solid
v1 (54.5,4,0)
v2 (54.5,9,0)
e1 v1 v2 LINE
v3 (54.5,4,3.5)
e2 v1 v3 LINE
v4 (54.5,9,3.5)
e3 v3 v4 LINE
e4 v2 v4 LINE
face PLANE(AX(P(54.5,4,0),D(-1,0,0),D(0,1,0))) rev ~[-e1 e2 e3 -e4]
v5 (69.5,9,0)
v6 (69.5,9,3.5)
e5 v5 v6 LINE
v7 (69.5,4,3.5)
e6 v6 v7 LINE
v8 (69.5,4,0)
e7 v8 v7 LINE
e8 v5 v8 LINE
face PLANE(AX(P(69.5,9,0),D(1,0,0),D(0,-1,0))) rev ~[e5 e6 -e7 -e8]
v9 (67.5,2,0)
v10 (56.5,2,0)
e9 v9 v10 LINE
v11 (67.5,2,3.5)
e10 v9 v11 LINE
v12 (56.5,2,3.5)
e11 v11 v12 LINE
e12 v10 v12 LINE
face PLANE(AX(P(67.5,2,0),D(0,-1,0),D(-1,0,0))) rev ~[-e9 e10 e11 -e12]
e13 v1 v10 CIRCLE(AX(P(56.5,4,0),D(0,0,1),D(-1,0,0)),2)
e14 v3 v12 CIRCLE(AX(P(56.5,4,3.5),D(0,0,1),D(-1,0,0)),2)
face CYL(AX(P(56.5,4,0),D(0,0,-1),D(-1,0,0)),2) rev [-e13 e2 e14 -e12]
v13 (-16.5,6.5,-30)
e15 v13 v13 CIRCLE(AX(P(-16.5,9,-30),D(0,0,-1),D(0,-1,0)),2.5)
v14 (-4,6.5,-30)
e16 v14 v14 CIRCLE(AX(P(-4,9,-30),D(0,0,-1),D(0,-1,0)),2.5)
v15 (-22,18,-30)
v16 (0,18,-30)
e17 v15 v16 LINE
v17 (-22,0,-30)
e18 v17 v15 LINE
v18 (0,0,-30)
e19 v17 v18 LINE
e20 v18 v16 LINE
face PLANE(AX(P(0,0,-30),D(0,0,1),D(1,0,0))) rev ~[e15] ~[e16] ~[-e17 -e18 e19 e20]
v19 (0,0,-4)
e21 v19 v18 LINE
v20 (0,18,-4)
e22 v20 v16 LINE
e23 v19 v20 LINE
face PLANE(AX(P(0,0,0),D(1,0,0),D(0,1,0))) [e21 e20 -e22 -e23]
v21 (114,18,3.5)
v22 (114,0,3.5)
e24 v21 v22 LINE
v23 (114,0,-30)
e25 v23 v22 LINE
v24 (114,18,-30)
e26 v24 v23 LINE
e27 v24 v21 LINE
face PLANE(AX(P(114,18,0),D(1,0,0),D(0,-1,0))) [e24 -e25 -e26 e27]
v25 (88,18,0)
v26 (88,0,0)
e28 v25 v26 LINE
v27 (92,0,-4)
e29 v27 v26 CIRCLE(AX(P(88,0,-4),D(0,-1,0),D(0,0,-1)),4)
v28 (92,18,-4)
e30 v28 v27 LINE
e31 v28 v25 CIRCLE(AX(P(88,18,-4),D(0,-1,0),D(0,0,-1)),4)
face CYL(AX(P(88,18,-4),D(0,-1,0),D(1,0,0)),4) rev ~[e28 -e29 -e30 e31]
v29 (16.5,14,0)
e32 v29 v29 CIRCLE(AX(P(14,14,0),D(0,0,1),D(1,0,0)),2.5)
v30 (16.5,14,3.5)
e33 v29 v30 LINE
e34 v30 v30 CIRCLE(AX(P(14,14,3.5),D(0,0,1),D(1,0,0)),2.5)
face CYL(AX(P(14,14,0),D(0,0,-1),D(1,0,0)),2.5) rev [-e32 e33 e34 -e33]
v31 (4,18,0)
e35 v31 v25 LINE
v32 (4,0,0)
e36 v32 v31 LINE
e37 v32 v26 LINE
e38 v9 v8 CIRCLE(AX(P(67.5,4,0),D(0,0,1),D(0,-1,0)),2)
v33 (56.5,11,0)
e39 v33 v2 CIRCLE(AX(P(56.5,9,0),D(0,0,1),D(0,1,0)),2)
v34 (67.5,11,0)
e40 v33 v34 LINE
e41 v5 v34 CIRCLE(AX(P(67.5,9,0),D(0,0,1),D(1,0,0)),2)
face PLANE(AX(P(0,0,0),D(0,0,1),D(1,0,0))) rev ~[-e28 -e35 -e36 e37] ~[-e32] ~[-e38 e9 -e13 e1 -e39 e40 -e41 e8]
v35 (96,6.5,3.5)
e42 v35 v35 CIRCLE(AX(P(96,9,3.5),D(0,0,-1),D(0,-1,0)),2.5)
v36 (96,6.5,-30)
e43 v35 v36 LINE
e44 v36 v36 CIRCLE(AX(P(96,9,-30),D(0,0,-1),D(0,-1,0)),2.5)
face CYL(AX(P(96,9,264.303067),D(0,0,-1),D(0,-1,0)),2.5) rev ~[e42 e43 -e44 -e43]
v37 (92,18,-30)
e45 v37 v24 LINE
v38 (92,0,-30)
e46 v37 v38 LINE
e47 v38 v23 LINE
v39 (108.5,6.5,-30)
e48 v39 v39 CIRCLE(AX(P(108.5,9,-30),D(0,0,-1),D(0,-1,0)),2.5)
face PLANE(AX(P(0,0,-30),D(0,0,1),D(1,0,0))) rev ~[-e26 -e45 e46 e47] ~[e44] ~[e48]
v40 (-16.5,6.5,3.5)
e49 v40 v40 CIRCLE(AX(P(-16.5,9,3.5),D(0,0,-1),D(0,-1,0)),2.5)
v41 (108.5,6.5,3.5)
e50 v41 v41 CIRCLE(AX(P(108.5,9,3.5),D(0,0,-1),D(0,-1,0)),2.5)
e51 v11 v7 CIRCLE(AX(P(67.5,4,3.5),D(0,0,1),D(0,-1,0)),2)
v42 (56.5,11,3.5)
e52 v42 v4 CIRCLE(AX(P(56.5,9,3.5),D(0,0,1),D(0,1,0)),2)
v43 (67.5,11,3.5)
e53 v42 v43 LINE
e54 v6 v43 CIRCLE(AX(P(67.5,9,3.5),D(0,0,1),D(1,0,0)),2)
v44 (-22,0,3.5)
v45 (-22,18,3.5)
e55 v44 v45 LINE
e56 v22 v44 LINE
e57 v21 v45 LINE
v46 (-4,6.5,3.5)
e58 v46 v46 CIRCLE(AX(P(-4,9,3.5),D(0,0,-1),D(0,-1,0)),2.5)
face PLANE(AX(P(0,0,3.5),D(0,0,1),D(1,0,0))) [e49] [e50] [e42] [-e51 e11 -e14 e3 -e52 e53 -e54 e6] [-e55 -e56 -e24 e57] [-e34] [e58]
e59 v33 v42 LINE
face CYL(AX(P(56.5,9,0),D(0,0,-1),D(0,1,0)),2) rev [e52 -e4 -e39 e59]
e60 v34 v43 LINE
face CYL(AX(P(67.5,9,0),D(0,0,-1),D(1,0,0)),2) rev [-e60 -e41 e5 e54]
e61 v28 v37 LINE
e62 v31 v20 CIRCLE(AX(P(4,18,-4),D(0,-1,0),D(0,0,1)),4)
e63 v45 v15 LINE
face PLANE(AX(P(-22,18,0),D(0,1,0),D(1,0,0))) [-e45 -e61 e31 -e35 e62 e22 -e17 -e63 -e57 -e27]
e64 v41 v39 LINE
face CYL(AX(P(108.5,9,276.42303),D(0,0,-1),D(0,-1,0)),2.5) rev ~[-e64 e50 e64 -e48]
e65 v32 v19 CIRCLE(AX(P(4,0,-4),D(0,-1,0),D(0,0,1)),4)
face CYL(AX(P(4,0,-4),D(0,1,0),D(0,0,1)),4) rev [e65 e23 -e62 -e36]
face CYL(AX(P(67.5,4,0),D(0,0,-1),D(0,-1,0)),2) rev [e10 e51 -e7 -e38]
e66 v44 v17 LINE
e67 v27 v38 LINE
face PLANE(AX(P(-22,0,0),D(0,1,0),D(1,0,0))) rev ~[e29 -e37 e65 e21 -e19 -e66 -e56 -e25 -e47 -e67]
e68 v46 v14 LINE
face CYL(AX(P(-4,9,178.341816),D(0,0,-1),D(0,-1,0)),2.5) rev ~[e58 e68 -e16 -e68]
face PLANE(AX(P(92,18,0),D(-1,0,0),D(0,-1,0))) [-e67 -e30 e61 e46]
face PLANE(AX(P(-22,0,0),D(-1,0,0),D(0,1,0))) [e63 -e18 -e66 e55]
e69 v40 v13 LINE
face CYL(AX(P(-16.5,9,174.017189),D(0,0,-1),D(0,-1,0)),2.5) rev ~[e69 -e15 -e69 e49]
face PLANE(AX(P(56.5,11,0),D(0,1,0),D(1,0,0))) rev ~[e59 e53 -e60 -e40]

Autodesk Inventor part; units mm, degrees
ref_plane "YZ Plane" through (0, 0, 0) normal (1, 0, 0) x (0, 1, 0)
ref_plane "XZ Plane" through (0, 0, 0) normal (0, 1, 0) x (-1, 0, 0)
ref_plane "XY Plane" through (0, 0, 0) normal (0, 0, 1) x (1, 0, 0)
sketch "Sketch3" plane through (0, 0, 0) normal (0, 0, 1) x (1, 0, 0)
  line L0 (0, -3.6) -> (0, 21.6) projected
  line L1 (-49.2, 0) -> (141.2, 0) projected
  circle A0 centre (14, 14) radius 2.5
  line L2 (56.5, 11) -> (67.5, 11)
  line L3 (69.5, 9) -> (69.5, 4)
  line L4 (67.5, 2) -> (56.5, 2)
  line L5 (54.5, 4) -> (54.5, 9)
  line L6 (54.5, 11) -> (69.5, 2) construction
  line L7 (69.5, 11) -> (54.5, 2) construction
  arc A1 (69.5, 9) -> (67.5, 11) centre (67.5, 9) ccw
  arc A2 (67.5, 2) -> (69.5, 4) centre (67.5, 4) ccw
  arc A3 (54.5, 4) -> (56.5, 2) centre (56.5, 4) ccw
  arc A4 (56.5, 11) -> (54.5, 9) centre (56.5, 9) ccw
  line L8 (0, 18) -> (92, 18)
  line L9 (92, 18) -> (92, 0)
  line L10 (92, 0) -> (0, 0)
  line L11 (0, 0) -> (0, 18)
  line L12 (0, 18) -> (92, 0) construction
  line L13 (92, 18) -> (0, 0) construction
  line L14 (-22, 18) -> (0, 18)
  line L15 (0, 18) -> (0, 0)
  line L16 (0, 0) -> (-22, 0)
  line L17 (-22, 0) -> (-22, 18)
  line L18 (-22, 18) -> (0, 0) construction
  line L19 (0, 18) -> (-22, 0) construction
  line L20 (46, 18) -> (46, 0) construction
  line L21 (92, 18) -> (114, 18)
  line L22 (114, 18) -> (114, 0)
  line L23 (114, 0) -> (92, 0)
  line L24 (92, 0) -> (92, 18)
  line L25 (92, 18) -> (114, 0) construction
  line L26 (114, 18) -> (92, 0) construction
  point P0 (0, 0)
  point P1 (62, 6.5)
  point P2 (54.5, 6.5)
  point P3 (46, 9)
  point P4 (-11, 9)
  point P5 (103, 9)
  point P6 (-22, 0)
  point P7 (114, 0)
  point P8 (92, 18)
  point P9 (92, 0)
  point P10 (96, 9)
  point P11 (108.5, 9)
  point P12 (-4, 9)
  point P13 (-16.5, 9)
  dimension "d26" = 5
  dimension "d29" = 15
  dimension "d30" = 9
  dimension "d31" = 2
  dimension "d34" = 92
  dimension "d35" = 18
  dimension "d36" = 22
  dimension "d37" = 18
  dimension "d38" = 22
  dimension "d39" = 18
  dimension "d41" = 14
  dimension "d42" = 14
  dimension "d56" = 62
  dimension "d57" = 6.5
  dimension "d60" = 50
  dimension "d61" = 62.5
  dimension "d62" = 9
extrude "Extrusion4" add sketch "Sketch3" along normal blind 3.5
extrude "Extrusion5" add sketch "Sketch3" against normal blind 30 contours L1 L17 L14 L0 | L9 L21 L22 L1
hole "Hole1" at (96, 9, 0) at (108.5, 9, 0) at (-4, 9, 0) at (-16.5, 9, 0) direction (0, 0, -1) diameter 5 end through all both
fillet "Fillet1" radius 4 2 edges at (0, 9, 0) (92, 9, 0)
properties part number "camera_holder"
